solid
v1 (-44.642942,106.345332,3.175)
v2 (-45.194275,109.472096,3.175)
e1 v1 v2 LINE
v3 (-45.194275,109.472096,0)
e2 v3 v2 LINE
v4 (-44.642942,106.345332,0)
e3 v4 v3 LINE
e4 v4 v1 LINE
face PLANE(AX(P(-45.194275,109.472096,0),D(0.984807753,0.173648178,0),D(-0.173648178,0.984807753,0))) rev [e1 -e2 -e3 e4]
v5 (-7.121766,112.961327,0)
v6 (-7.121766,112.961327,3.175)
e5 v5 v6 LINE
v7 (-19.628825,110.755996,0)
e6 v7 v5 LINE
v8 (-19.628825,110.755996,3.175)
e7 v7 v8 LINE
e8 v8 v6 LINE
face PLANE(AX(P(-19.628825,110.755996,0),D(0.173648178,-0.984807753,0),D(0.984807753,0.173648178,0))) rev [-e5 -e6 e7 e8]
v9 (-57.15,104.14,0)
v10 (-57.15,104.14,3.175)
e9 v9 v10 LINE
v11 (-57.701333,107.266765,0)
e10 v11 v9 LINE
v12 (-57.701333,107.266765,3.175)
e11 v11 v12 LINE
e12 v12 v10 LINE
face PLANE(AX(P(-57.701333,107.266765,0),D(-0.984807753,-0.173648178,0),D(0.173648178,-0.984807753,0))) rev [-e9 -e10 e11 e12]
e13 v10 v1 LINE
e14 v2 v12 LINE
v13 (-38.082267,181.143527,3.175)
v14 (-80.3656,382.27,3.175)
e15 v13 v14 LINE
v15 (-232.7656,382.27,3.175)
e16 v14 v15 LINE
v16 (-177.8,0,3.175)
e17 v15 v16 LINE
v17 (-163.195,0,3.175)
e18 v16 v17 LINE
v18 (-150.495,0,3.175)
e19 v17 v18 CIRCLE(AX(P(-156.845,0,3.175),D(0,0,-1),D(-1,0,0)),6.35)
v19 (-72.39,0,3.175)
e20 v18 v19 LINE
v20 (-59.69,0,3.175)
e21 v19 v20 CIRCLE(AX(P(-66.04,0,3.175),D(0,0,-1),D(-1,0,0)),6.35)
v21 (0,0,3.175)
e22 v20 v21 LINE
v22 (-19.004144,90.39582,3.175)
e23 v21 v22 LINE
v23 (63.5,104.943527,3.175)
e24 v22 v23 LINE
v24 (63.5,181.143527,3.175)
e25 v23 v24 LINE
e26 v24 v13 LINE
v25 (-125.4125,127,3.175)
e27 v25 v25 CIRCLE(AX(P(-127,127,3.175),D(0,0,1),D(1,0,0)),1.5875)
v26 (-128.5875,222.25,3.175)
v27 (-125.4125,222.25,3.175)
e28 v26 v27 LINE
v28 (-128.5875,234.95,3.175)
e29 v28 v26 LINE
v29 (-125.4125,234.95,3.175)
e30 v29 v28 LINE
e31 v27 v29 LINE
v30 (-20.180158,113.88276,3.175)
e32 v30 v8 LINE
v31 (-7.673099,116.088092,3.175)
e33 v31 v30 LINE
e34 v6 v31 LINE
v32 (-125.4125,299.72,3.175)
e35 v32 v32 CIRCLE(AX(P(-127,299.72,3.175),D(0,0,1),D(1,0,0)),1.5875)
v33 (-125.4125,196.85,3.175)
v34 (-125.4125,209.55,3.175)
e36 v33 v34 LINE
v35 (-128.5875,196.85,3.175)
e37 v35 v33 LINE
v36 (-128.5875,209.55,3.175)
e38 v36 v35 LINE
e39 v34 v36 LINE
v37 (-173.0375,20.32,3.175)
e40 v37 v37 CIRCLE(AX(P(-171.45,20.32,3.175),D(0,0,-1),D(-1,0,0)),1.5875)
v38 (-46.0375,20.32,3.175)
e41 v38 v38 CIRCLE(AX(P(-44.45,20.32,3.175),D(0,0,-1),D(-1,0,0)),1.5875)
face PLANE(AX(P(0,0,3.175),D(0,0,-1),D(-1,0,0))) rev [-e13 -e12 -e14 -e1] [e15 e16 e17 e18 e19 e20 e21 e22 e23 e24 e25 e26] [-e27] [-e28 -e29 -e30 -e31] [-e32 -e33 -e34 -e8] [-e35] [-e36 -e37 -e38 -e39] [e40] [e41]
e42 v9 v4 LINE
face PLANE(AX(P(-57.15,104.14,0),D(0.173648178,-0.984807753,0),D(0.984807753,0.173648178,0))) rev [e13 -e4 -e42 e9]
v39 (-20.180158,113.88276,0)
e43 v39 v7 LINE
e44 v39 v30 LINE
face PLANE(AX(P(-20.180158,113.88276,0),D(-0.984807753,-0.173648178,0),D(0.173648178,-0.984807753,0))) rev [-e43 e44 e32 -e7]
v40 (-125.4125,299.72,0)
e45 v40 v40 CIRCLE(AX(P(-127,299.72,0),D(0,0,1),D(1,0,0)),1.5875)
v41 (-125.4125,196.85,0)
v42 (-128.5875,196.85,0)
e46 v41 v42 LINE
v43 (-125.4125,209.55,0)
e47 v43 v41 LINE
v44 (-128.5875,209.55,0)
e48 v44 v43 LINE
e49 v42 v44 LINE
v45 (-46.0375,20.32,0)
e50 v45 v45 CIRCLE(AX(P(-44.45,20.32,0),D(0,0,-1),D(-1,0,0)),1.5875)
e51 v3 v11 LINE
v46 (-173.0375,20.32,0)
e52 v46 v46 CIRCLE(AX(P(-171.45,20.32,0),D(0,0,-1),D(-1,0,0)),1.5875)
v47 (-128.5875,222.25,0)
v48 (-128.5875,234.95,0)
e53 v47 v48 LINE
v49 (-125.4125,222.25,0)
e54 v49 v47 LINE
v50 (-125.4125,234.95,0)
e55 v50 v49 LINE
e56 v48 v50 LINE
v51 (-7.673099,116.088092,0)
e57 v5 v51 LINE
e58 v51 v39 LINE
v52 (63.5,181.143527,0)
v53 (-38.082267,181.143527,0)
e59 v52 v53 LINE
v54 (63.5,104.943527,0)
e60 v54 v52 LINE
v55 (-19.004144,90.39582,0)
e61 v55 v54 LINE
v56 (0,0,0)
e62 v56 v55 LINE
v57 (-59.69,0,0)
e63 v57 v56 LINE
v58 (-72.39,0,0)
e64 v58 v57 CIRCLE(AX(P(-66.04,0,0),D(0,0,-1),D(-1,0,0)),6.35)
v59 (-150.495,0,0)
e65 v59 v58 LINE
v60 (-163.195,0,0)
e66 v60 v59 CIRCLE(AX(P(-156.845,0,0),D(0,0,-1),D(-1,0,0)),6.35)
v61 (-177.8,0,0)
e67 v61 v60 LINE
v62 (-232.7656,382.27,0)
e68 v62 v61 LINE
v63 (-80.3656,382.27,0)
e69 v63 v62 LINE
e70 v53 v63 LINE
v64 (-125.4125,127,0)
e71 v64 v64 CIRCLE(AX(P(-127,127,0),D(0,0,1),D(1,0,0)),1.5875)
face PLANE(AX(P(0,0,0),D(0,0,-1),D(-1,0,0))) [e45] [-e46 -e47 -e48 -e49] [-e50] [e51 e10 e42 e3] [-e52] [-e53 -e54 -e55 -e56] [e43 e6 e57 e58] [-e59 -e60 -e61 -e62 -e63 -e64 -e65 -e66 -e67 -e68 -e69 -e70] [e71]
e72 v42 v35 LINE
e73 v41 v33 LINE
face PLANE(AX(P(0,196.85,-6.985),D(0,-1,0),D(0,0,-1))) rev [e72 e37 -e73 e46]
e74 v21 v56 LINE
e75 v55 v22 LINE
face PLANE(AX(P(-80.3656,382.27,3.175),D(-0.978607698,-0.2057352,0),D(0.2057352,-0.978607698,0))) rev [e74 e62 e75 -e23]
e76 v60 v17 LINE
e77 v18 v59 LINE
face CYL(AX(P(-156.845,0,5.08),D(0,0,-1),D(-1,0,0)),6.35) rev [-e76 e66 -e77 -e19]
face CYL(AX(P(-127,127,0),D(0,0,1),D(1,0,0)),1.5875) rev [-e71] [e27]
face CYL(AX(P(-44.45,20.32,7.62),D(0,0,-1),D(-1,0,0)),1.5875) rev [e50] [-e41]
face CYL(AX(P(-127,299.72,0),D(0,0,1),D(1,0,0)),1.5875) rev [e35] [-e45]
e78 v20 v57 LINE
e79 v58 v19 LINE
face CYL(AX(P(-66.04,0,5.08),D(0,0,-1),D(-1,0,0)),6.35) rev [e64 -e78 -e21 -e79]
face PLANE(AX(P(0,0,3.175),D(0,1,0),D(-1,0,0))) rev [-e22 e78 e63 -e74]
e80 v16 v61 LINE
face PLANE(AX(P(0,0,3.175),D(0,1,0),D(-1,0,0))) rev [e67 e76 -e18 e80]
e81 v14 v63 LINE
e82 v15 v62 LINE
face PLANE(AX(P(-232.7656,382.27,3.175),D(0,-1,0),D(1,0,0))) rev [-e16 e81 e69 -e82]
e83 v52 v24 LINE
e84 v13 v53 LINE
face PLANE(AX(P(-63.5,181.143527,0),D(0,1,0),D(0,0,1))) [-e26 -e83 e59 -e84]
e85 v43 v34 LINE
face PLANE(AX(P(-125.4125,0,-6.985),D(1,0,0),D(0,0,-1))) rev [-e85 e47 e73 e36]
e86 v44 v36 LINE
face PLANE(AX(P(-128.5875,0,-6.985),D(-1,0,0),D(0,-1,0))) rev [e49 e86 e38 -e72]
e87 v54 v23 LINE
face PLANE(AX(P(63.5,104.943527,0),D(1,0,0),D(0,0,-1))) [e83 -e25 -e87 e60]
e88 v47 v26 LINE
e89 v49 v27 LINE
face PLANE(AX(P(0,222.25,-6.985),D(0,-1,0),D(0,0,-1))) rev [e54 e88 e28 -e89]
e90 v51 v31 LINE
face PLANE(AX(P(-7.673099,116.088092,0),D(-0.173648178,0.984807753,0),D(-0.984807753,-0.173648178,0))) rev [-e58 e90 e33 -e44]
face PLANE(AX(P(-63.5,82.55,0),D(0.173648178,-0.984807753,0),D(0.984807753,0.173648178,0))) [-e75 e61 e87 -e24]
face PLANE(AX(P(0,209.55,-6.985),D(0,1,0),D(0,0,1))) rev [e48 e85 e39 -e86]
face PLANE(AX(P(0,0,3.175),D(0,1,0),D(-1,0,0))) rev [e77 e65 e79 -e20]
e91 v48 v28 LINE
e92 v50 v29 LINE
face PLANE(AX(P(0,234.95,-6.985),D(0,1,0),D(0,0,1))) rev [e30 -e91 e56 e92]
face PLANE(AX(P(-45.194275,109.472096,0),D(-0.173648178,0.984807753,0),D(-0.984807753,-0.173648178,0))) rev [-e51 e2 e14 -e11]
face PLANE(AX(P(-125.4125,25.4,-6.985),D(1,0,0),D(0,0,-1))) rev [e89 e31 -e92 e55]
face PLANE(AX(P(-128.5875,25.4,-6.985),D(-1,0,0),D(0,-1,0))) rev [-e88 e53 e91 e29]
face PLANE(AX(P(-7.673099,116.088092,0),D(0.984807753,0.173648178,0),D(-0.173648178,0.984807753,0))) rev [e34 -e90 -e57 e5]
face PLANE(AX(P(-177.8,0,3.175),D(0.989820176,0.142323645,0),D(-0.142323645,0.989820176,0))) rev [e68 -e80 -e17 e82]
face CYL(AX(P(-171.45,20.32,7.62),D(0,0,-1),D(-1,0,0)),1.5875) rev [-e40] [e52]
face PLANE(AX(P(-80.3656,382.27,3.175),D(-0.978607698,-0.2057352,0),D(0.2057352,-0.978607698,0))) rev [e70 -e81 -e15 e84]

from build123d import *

# Parameters (mm, degrees)
BOSS_EXTRUDE1_DEPTH = 3.175
SKETCH2_R           = 1.5875
CUT_EXTRUDE1_DEPTH  = 3.175
BOSS_EXTRUDE2_DEPTH = 3.175
CUT_EXTRUDE2_DEPTH  = 3.175
SKETCH5_W           = 1.5875
SKETCH5_H           = 12.7
CUT_EXTRUDE3_DEPTH  = 10.16
LPATTERN1_COUNT     = 2
LPATTERN1_PITCH     = 25.4
SKETCH9_R           = 1.5875
CUT_EXTRUDE7_DEPTH  = 7.62
SKETCH10_R          = 6.35
CUT_EXTRUDE8_DEPTH  = 5.08


with BuildPart() as part:
    # Sketch1 → Boss-Extrude1 (new body)
    with BuildSketch(Plane.XY):
        Polygon((0, 0), (-177.8, 0), (-232.7656, 382.27), (-80.3656, 382.27), align=None)
    extrude(amount=BOSS_EXTRUDE1_DEPTH)

    # Sketch2 → Cut-Extrude1 (cut)
    with BuildSketch(Plane.XY.offset(3.175)):
        with Locations((-127, 127)):
            Circle(SKETCH2_R)
        with Locations((-127, 299.72)):
            Circle(SKETCH2_R)
    extrude(amount=-CUT_EXTRUDE1_DEPTH, mode=Mode.SUBTRACT)

    # Sketch3 → Boss-Extrude2 (add)
    with BuildSketch(Plane.XY.offset(3.175)):
        Polygon((-63.5, 82.55), (63.5, 104.94352655), (63.5, 181.14352655), (-63.5, 181.14352655), align=None)
    extrude(amount=-BOSS_EXTRUDE2_DEPTH)

    # Sketch4 → Cut-Extrude2 (cut)
    with BuildSketch(Plane.XY.offset(3.175)):
        Polygon((-57.15, 104.14), (-44.642941537, 106.345331856), (-45.194274501, 109.472096472), (-57.701332964, 107.266764616), align=None)
        Polygon((-19.62882461, 110.755995569), (-7.121766147, 112.961327425), (-7.673099111, 116.088092041), (-20.180157574, 113.882760185), align=None)
    extrude(amount=-CUT_EXTRUDE2_DEPTH, mode=Mode.SUBTRACT)

    # Sketch5 → Cut-Extrude3 (cut)
    with BuildSketch(Plane.XY.offset(3.175)):
        with Locations((-126.20625, 203.2)):
            Rectangle(SKETCH5_W, SKETCH5_H)
        with Locations((-127.79375, 203.2)):
            Rectangle(SKETCH5_W, SKETCH5_H)
    cut_extrude3 = extrude(amount=-CUT_EXTRUDE3_DEPTH, mode=Mode.SUBTRACT)

    # LPattern1: Cut-Extrude3 ×2
    with Locations(*[(0, i * LPATTERN1_PITCH, 0) for i in range(1, LPATTERN1_COUNT)]):
        add(cut_extrude3, mode=Mode.SUBTRACT)

    # Sketch9 → Cut-Extrude7 (cut)
    with BuildSketch(Plane(origin=(0, 0, 0), x_dir=(-1, 0, 0), z_dir=(0, 0, -1))):
        with Locations((171.45, 20.32)):
            Circle(SKETCH9_R)
        with Locations((44.45, 20.32)):
            Circle(SKETCH9_R)
    extrude(amount=-CUT_EXTRUDE7_DEPTH, mode=Mode.SUBTRACT)

    # Sketch10 → Cut-Extrude8 (cut)
    with BuildSketch(Plane(origin=(0, 0, 0), x_dir=(-1, 0, 0), z_dir=(0, 0, -1))):
        with Locations((156.845, 0)):
            Circle(SKETCH10_R)
        with Locations((66.04, 0)):
            Circle(SKETCH10_R)
    extrude(amount=-CUT_EXTRUDE8_DEPTH, mode=Mode.SUBTRACT)


solid = part.part
